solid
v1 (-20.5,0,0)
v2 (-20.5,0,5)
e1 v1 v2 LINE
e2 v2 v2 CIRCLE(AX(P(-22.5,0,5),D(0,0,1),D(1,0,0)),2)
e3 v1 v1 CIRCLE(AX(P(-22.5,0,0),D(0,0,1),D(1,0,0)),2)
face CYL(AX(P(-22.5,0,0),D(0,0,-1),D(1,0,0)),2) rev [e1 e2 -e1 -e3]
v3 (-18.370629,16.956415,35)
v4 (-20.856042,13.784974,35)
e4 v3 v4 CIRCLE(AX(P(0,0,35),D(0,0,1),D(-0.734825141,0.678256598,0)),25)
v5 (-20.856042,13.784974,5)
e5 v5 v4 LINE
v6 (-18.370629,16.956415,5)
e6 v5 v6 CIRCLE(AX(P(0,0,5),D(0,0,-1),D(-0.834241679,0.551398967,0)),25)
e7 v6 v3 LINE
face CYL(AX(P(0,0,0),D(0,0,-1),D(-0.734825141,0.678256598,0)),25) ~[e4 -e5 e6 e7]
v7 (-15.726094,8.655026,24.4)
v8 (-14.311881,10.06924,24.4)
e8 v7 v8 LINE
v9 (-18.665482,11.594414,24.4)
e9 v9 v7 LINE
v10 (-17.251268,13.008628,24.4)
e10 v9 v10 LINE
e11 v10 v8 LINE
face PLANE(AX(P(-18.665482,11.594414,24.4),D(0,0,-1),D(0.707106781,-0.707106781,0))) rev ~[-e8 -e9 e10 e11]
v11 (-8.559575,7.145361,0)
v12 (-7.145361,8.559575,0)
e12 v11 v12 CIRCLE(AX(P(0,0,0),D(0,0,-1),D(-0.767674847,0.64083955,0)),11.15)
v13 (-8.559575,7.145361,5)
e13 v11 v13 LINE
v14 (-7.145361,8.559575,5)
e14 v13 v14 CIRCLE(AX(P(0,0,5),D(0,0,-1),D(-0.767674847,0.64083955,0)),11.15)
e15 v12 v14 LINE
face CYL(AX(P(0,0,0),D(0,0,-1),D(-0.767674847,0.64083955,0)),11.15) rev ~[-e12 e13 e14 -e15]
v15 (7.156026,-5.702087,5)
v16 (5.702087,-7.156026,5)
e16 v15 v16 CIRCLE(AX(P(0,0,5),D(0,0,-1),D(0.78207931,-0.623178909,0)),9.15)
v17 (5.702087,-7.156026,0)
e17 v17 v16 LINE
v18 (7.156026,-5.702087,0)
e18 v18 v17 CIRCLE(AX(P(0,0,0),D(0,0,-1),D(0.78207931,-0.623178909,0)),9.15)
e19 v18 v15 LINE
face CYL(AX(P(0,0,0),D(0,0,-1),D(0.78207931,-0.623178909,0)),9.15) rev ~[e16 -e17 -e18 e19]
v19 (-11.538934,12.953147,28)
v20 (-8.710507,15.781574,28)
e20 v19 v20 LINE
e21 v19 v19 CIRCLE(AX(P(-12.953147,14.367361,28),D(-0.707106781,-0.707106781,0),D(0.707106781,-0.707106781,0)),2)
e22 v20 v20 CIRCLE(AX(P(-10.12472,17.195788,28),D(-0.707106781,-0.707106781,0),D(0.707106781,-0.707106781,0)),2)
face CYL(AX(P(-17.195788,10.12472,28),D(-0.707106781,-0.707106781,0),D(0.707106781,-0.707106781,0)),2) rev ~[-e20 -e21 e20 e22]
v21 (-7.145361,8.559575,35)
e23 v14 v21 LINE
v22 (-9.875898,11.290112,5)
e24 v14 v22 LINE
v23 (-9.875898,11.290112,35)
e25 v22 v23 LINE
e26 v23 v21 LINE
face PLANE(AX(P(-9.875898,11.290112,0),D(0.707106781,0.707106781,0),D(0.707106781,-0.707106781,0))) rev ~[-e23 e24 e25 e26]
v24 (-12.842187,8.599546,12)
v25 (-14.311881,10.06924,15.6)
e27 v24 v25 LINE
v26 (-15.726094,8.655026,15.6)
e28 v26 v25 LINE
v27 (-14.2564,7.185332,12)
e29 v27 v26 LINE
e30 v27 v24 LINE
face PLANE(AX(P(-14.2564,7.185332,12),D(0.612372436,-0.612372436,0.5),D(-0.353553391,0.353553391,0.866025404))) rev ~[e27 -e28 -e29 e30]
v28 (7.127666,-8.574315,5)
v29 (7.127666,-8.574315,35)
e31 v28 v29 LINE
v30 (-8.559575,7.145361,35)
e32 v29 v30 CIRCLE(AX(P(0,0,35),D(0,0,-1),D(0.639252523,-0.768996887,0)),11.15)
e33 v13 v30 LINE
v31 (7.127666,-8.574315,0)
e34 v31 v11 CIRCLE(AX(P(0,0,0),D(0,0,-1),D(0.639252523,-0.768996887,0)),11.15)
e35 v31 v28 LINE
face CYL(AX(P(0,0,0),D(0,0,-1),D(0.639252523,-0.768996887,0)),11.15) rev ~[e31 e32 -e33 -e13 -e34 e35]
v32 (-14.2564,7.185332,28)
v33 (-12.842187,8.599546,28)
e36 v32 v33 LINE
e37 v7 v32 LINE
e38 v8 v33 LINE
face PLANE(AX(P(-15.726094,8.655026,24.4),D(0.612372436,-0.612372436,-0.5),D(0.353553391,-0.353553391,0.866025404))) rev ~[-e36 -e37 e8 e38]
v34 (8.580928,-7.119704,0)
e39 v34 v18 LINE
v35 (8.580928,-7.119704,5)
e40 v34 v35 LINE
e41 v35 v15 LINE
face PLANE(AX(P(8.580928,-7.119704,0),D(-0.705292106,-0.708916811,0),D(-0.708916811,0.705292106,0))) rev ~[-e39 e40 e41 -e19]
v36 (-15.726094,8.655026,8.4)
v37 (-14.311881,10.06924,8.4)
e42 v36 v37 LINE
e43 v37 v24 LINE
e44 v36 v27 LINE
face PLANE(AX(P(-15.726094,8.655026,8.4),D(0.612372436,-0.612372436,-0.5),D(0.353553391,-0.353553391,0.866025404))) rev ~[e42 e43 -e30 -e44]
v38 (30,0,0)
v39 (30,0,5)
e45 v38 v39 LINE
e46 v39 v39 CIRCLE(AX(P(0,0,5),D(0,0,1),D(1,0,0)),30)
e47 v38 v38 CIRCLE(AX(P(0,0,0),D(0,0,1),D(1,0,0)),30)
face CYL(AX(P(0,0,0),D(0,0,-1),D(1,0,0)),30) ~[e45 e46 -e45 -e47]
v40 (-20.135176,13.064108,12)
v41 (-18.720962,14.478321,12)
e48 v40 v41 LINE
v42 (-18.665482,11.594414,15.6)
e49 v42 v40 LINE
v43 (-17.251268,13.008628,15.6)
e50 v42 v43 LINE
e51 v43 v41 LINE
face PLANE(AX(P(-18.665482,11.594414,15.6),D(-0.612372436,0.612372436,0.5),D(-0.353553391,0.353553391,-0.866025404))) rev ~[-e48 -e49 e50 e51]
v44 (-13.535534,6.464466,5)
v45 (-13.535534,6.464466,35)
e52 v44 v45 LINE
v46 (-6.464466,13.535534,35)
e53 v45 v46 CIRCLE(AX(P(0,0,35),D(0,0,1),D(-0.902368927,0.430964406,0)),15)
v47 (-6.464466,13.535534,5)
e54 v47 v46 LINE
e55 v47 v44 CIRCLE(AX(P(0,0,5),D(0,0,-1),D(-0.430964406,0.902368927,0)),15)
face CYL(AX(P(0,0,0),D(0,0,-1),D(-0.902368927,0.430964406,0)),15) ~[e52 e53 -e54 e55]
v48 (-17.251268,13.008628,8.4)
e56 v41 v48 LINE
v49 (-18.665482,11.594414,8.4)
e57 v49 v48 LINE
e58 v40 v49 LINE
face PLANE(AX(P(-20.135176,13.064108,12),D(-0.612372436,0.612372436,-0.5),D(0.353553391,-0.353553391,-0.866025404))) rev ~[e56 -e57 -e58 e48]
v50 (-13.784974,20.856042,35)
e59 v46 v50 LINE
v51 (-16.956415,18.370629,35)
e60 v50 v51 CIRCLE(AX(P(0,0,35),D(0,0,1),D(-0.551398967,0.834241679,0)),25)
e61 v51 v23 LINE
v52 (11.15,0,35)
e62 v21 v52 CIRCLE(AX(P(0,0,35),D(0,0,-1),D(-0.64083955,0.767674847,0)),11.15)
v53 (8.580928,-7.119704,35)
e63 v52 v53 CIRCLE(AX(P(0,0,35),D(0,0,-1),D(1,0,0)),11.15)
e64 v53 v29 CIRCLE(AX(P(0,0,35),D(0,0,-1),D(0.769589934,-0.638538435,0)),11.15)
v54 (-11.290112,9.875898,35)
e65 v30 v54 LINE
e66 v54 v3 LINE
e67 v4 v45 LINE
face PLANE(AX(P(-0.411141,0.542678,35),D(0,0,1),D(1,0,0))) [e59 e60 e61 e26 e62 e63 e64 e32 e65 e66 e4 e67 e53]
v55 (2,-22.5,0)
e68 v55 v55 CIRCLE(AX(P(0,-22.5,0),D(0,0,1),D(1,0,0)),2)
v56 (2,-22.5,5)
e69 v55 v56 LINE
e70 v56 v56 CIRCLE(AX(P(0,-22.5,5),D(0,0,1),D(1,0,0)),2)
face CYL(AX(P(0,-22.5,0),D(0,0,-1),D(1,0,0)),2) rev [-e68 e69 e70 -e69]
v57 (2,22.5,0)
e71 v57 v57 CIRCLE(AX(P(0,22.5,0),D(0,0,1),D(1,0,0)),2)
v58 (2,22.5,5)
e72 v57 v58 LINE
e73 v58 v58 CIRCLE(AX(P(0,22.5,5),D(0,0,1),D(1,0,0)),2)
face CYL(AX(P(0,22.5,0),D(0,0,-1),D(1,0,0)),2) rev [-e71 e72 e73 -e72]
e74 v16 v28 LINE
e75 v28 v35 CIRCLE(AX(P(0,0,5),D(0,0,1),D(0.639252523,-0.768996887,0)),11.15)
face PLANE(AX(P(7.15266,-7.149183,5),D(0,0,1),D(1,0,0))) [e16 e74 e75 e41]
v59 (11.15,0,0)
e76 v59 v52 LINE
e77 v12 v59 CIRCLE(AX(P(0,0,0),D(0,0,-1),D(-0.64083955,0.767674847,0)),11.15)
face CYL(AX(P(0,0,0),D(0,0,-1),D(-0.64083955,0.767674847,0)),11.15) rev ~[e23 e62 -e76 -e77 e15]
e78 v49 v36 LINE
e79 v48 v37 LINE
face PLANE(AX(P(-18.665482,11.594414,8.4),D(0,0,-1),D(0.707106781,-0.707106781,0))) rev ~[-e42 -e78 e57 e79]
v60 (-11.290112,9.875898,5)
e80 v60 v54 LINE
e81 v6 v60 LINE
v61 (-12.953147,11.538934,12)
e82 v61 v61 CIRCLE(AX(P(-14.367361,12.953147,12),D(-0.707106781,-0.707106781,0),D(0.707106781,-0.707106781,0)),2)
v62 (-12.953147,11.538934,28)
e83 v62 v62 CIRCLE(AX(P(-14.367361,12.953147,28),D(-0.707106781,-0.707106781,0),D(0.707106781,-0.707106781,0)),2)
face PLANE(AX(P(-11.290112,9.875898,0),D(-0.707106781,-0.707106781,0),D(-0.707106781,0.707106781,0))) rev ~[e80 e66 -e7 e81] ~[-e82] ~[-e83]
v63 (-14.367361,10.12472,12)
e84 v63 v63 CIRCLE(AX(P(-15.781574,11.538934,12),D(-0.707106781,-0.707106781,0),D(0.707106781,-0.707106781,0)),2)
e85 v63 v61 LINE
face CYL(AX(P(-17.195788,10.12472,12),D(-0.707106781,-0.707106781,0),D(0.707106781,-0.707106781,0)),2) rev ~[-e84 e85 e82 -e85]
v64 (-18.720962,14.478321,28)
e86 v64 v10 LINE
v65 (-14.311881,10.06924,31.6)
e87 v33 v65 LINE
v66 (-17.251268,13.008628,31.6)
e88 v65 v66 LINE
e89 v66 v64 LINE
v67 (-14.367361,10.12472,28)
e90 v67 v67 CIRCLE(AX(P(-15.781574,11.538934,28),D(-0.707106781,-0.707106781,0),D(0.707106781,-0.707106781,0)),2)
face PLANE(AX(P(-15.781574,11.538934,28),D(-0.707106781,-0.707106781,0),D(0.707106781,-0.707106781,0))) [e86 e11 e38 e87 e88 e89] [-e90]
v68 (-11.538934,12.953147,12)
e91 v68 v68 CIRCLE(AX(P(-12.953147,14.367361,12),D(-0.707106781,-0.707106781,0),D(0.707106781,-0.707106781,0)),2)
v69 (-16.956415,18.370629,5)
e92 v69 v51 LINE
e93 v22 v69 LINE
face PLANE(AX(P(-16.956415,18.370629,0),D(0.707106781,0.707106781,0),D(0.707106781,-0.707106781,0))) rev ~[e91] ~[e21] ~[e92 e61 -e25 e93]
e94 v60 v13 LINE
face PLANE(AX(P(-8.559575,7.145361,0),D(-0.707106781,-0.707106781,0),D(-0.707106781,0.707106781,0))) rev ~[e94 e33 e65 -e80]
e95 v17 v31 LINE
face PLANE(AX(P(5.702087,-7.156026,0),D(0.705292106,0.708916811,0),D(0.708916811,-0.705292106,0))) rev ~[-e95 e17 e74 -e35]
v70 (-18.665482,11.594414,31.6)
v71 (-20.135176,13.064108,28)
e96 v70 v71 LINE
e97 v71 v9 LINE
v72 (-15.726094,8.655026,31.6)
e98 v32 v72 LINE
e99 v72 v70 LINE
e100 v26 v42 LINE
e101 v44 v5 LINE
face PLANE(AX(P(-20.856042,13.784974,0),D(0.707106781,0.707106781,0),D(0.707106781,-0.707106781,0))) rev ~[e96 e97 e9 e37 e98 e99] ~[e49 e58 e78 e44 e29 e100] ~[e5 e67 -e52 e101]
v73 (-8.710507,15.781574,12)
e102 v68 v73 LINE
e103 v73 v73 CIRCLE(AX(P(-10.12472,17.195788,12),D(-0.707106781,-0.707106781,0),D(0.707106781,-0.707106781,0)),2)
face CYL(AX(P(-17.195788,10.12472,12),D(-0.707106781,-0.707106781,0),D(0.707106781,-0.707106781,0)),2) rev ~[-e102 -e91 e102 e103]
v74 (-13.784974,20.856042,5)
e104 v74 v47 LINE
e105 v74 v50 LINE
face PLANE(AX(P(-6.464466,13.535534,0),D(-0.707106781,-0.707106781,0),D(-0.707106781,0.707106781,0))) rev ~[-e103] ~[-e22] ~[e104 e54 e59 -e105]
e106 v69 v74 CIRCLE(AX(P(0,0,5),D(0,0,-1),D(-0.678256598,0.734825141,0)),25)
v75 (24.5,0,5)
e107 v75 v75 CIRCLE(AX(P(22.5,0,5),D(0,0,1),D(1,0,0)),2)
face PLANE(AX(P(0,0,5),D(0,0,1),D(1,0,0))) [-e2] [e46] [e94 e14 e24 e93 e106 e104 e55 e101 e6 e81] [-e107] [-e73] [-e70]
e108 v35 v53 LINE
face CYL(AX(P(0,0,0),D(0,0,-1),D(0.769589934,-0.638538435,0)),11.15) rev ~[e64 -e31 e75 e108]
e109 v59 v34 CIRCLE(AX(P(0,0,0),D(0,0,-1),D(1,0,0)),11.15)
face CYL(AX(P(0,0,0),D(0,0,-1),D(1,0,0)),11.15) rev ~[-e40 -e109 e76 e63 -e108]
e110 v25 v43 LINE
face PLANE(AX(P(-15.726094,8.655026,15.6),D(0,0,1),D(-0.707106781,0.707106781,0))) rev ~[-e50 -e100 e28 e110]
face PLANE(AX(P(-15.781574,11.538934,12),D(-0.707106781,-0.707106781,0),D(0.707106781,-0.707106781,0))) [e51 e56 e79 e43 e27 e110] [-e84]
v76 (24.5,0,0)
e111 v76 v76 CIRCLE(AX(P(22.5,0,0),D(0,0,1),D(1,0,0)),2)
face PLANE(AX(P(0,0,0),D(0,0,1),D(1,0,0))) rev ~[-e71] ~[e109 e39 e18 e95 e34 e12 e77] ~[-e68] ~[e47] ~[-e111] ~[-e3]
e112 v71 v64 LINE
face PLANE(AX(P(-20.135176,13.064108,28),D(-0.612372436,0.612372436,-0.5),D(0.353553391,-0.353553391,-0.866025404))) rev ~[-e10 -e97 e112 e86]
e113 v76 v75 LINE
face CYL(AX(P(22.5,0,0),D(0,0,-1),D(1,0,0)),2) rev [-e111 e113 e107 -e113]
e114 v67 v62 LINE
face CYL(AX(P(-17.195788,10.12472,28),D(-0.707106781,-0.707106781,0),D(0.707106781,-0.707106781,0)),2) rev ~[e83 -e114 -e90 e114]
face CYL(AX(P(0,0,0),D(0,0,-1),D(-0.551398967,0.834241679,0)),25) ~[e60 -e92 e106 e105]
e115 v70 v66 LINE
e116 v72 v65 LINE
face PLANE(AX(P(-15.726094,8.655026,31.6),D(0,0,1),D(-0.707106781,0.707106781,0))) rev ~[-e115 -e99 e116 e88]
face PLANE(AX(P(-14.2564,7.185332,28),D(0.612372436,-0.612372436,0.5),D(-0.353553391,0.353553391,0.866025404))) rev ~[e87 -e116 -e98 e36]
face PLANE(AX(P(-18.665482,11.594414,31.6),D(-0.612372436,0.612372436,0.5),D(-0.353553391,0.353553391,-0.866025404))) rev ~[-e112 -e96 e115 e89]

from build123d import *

# Parameters (mm, degrees)
F1_DEPTH = 35
F0_R     = 30
F0_R_2   = 2
F2_DEPTH = 5
F4_R     = 2
F5_DEPTH = 11
F6_DEPTH = 2


with BuildPart() as f1:
    # F0 (on Top) → F1 (new body)
    with BuildSketch(Plane.XY):
        with BuildLine():
            ThreePointArc((-7.1453609838, 8.5595745462), (4.7250251338, 10.0993384677), (11.15, 0))
            ThreePointArc((11.15, 0), (10.4880847772, -3.7845181605), (8.5809277655, -7.119703553))
            ThreePointArc((8.5809277655, -7.119703553), (7.8878989891, -7.880580533), (7.1276656329, -8.5743152861))
            ThreePointArc((7.1276656329, -8.5743152861), (-7.8923790008, -7.8760938103), (-8.5595745462, 7.1453609838))
            Line((-8.5595745462, 7.1453609838), (-11.2901120254, 9.8758984631))
            ThreePointArc((-11.2901120254, 9.8758984631), (-12.5294709258, 8.2469605504), (-13.5355339059, 6.4644660941))
            ThreePointArc((-13.5355339059, 6.4644660941), (10.6066017178, -10.6066017178), (-6.4644660941, 13.5355339059))
            ThreePointArc((-6.4644660941, 13.5355339059), (-8.2469605504, 12.5294709258), (-9.8758984631, 11.2901120254))
            Line((-9.8758984631, 11.2901120254), (-7.1453609838, 8.5595745462))
        make_face()
        with BuildLine():
            ThreePointArc((-13.5355339059, 6.4644660941), (-12.5294709258, 8.2469605504), (-11.2901120254, 9.8758984631))
            Line((-11.2901120254, 9.8758984631), (-18.3706285138, 16.9564149515))
            ThreePointArc((-18.3706285138, 16.9564149515), (-19.6773328655, 15.4208485922), (-20.8560419816, 13.7849741698))
            Line((-20.8560419816, 13.7849741698), (-13.5355339059, 6.4644660941))
        make_face()
        with BuildLine():
            Line((-16.9564149515, 18.3706285138), (-9.8758984631, 11.2901120254))
            ThreePointArc((-9.8758984631, 11.2901120254), (-8.2469605504, 12.5294709258), (-6.4644660941, 13.5355339059))
            Line((-6.4644660941, 13.5355339059), (-13.7849741698, 20.8560419816))
            ThreePointArc((-13.7849741698, 20.8560419816), (-15.4208485922, 19.6773328655), (-16.9564149515, 18.3706285138))
        make_face()
    extrude(amount=F1_DEPTH)

    # F0 (on Top) → F2 (join)
    with BuildSketch(Plane.XY):
        Circle(F0_R)
        with Locations((0, -22.5)):
            Circle(F0_R_2, mode=Mode.SUBTRACT)
        with Locations((-22.5, 0)):
            Circle(F0_R_2, mode=Mode.SUBTRACT)
        with BuildLine():
            Line((-13.7849741698, 20.8560419816), (-6.4644660941, 13.5355339059))
            ThreePointArc((-6.4644660941, 13.5355339059), (10.6066017178, -10.6066017178), (-13.5355339059, 6.4644660941))
            Line((-13.5355339059, 6.4644660941), (-20.8560419816, 13.7849741698))
            ThreePointArc((-20.8560419816, 13.7849741698), (-19.6773328655, 15.4208485922), (-18.3706285138, 16.9564149515))
            ThreePointArc((-18.3706285138, 16.9564149515), (-17.6776695297, 17.6776695297), (-16.9564149515, 18.3706285138))
            ThreePointArc((-16.9564149515, 18.3706285138), (-15.4208485922, 19.6773328655), (-13.7849741698, 20.8560419816))
        make_face(mode=Mode.SUBTRACT)
        with Locations((22.5, 0)):
            Circle(F0_R_2, mode=Mode.SUBTRACT)
        with Locations((0, 22.5)):
            Circle(F0_R_2, mode=Mode.SUBTRACT)
        with BuildLine():
            ThreePointArc((7.1276656329, -8.5743152861), (7.8878989891, -7.880580533), (8.5809277655, -7.119703553))
            Line((8.5809277655, -7.119703553), (7.1560256843, -5.7020870219))
            ThreePointArc((7.1560256843, -5.7020870219), (6.4700270479, -6.4700270479), (5.7020870219, -7.1560256843))
            Line((5.7020870219, -7.1560256843), (7.1276656329, -8.5743152861))
        make_face()
        with BuildLine():
            ThreePointArc((-8.5595745462, 7.1453609838), (-7.8842406102, 7.8842406102), (-7.1453609838, 8.5595745462))
            Line((-7.1453609838, 8.5595745462), (-9.8758984631, 11.2901120254))
            Line((-9.8758984631, 11.2901120254), (-16.9564149515, 18.3706285138))
            ThreePointArc((-16.9564149515, 18.3706285138), (-17.6776695297, 17.6776695297), (-18.3706285138, 16.9564149515))
            Line((-18.3706285138, 16.9564149515), (-11.2901120254, 9.8758984631))
            Line((-11.2901120254, 9.8758984631), (-8.5595745462, 7.1453609838))
        make_face()
    extrude(amount=F2_DEPTH)

    # F4 (on offset) → F5 (cut)
    with BuildSketch(Plane(origin=(-3.5355339059, -3.5355339059, 0), x_dir=(0.7071067812, -0.7071067812, 0), z_dir=(-0.7071067812, -0.7071067812, 0))):
        with Locations((-19.3185165258, 28)):
            Circle(F4_R)
        with Locations((-19.3185165258, 12)):
            Circle(F4_R)
    extrude(amount=-F5_DEPTH, mode=Mode.SUBTRACT)

    # F4 (on offset) → F6 (cut)
    with BuildSketch(Plane(origin=(-3.5355339059, -3.5355339059, 0), x_dir=(0.7071067812, -0.7071067812, 0), z_dir=(-0.7071067812, -0.7071067812, 0))):
        Polygon((-17.2400555567, 31.6), (-21.3969774949, 31.6), (-23.4754384639, 28), (-21.3969774949, 24.4), (-17.2400555567, 24.4), (-15.1615945876, 28), align=None)
        with Locations((-19.3185165258, 28)):
            Circle(F4_R, mode=Mode.SUBTRACT)
        Polygon((-17.2400555567, 15.6), (-21.3969774949, 15.6), (-23.4754384639, 12), (-21.3969774949, 8.4), (-17.2400555567, 8.4), (-15.1615945876, 12), align=None)
        with Locations((-19.3185165258, 12)):
            Circle(F4_R, mode=Mode.SUBTRACT)
    extrude(amount=-F6_DEPTH, mode=Mode.SUBTRACT)


solid = f1.part
